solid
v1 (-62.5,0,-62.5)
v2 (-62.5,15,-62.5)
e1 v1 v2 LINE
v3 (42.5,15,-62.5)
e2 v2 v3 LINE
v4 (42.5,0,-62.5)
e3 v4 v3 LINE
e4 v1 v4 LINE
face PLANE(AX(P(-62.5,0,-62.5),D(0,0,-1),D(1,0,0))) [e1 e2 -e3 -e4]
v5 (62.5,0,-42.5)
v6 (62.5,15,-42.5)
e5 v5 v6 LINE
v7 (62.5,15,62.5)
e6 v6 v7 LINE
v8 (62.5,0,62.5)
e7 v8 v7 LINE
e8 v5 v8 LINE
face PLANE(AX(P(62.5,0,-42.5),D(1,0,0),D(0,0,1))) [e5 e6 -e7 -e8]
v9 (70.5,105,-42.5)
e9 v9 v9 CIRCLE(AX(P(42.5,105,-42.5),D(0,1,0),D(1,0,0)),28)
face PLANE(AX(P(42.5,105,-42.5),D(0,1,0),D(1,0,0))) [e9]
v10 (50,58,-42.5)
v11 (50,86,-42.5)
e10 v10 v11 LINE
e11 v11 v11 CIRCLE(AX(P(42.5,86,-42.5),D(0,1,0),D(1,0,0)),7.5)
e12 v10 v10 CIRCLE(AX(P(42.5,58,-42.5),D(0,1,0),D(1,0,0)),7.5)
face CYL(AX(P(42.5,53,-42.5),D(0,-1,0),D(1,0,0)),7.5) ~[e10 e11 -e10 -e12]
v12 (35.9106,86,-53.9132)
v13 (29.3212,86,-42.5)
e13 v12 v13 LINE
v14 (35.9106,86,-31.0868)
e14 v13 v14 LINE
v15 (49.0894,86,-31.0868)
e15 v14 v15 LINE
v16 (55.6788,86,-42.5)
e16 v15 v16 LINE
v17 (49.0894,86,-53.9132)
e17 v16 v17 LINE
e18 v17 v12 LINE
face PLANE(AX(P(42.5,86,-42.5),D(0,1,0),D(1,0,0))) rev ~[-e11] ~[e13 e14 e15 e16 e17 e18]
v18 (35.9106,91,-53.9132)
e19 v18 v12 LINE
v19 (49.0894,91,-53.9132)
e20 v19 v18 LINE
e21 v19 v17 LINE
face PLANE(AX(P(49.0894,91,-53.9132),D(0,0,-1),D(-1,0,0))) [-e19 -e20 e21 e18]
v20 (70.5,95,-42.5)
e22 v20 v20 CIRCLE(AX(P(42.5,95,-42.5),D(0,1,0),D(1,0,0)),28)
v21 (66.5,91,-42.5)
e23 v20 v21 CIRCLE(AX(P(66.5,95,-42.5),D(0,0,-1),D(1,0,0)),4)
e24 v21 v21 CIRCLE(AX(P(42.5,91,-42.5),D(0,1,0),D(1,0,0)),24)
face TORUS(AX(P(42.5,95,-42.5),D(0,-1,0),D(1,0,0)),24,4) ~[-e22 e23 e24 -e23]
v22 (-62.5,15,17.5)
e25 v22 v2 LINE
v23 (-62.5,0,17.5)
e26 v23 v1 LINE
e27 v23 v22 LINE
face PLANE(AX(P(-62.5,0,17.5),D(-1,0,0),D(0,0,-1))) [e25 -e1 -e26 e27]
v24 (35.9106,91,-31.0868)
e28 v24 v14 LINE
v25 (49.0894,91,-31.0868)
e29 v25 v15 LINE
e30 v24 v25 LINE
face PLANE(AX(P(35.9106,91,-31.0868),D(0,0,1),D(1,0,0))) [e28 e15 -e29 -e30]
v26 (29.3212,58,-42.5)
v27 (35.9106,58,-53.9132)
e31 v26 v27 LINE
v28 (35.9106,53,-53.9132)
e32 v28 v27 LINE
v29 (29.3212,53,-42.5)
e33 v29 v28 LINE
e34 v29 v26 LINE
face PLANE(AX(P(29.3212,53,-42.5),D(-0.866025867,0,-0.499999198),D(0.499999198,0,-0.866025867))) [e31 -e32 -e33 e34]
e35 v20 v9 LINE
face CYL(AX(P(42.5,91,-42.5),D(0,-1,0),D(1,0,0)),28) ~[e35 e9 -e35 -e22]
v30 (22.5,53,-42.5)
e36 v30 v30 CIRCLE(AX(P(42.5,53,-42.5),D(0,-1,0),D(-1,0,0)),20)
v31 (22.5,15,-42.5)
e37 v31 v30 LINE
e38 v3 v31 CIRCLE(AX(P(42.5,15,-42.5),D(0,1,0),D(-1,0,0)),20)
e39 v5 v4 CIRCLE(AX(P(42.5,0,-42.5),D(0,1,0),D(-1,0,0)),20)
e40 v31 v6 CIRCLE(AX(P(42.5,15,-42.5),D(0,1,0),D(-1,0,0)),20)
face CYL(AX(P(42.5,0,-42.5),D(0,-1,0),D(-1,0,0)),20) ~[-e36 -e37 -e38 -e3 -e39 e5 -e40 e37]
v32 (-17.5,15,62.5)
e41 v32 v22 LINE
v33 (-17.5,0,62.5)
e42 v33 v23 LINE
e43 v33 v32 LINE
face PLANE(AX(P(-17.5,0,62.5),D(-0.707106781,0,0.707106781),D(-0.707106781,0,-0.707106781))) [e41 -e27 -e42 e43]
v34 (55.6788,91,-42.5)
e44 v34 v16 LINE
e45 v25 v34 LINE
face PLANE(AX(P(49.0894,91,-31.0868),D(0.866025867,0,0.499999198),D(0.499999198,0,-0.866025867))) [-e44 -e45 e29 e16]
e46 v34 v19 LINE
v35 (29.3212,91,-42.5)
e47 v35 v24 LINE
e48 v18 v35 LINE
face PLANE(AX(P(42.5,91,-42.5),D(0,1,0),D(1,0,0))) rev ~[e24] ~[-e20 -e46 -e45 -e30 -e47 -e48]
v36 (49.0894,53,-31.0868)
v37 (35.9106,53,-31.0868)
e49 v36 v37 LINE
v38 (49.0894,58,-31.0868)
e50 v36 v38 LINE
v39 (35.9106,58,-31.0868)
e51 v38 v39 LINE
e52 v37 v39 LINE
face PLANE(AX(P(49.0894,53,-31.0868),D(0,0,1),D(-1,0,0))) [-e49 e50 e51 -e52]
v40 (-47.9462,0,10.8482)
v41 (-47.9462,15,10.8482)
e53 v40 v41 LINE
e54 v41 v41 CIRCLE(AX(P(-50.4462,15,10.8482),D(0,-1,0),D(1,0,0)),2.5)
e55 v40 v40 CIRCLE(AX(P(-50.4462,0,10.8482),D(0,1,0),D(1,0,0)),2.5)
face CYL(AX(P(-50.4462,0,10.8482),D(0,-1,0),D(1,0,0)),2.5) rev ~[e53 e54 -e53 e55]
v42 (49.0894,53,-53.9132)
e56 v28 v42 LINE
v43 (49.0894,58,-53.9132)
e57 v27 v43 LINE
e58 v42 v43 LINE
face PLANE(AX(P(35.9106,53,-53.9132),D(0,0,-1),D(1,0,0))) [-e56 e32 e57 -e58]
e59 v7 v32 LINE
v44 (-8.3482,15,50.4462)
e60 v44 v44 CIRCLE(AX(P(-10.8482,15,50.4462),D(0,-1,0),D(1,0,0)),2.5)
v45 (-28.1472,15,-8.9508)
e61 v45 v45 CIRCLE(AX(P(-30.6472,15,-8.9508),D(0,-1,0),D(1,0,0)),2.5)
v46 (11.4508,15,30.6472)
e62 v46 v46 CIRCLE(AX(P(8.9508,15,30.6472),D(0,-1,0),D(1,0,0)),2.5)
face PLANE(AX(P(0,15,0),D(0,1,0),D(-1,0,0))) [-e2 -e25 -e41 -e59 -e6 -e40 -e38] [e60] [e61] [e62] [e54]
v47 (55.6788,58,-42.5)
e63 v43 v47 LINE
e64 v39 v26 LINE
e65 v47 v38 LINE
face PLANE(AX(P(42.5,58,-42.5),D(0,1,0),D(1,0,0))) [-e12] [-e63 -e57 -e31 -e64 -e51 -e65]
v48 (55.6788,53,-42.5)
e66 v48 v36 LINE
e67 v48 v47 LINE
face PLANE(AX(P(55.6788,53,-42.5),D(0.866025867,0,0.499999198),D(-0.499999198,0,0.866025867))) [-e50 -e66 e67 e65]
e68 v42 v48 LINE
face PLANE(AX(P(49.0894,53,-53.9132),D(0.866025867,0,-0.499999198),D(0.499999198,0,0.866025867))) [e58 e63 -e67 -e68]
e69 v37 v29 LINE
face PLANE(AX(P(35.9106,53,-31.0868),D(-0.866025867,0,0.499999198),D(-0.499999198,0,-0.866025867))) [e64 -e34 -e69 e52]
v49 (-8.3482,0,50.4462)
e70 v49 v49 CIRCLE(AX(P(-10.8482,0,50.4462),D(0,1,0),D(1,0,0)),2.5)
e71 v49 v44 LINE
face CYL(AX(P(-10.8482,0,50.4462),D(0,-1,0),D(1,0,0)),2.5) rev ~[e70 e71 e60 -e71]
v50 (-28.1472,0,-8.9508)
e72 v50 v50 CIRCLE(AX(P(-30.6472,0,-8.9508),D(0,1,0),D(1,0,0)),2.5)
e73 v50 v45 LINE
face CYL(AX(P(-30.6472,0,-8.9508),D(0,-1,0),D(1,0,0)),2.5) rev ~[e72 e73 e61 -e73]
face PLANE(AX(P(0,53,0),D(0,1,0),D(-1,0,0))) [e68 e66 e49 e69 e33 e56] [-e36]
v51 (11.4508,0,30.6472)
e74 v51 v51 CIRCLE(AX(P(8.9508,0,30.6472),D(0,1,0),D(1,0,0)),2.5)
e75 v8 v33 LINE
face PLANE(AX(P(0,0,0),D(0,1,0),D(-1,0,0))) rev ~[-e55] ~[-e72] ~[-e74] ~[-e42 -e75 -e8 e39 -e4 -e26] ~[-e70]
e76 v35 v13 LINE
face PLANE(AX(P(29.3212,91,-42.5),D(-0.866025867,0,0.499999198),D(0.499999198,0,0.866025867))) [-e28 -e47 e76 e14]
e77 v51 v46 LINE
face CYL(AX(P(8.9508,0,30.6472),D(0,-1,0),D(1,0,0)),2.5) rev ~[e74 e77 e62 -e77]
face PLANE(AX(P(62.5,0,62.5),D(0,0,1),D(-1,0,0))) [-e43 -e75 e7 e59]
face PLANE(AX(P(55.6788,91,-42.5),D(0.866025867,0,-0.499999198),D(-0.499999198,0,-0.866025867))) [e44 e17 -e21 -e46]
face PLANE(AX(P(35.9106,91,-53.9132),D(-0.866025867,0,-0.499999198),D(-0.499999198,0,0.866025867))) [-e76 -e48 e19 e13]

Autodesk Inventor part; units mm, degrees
ref_plane "YZ Plane" through (0, 0, 0) normal (1, 0, 0) x (0, 1, 0)
ref_plane "XZ Plane" through (0, 0, 0) normal (0, 1, 0) x (-1, 0, 0)
ref_plane "XY Plane" through (0, 0, 0) normal (0, 0, 1) x (1, 0, 0)
sketch "スケッチ1" plane through (0, 0, 0) normal (0, 1, 0) x (-1, 0, 0)
  line L0 (62.5, -62.5) -> (-42.5, -62.5)
  line L1 (-62.5, -42.5) -> (-62.5, 62.5)
  line L2 (-62.5, 62.5) -> (62.5, 62.5)
  line L3 (62.5, 62.5) -> (62.5, -62.5)
  line L4 (62.5, -62.5) -> (-62.5, 62.5) construction
  line L5 (-62.5, -62.5) -> (62.5, 62.5) construction
  line L6 (17.5, 62.5) -> (62.5, 17.5)
  circle A0 centre (-42.5, -42.5) radius 20
  point P0 (0, 0)
  dimension "d0" = 125
  dimension "d1" = 125
  dimension "d2" = 80
  dimension "d3" = 80
  dimension "d4" = 40
  dimension "d5" = 20
extrude "押し出し1" add sketch "スケッチ1" along normal blind 15 contours L0 A0 L1 L2 L6 L3
extrude "押し出し2" add sketch "スケッチ1" along normal blind 53 contours A0
sketch "スケッチ2" plane through (42.5, 53, -42.5) normal (0, 1, 0) x (1, 0, 0)
  point P0 (-42.5, -42.5)
sketch "スケッチ3" plane through (42.5, 53, -42.5) normal (0, 1, 0) x (1, 0, 0)
  circle A0 centre (0, 0) radius 20 projected
  circle A1 centre (0, 0) radius 7.5
  line L0 (13.1788, 0) -> (6.5894, -11.4132)
  line L1 (6.5894, -11.4132) -> (-6.5894, -11.4132)
  line L2 (-6.5894, -11.4132) -> (-13.1788, 0)
  line L3 (-13.1788, 0) -> (-6.5894, 11.4132)
  line L4 (-6.5894, 11.4132) -> (6.5894, 11.4132)
  line L5 (6.5894, 11.4132) -> (13.1788, 0)
  point P0 (-42.5, -42.5)
  dimension "d10" = 15
extrude "押し出し3" add sketch "スケッチ3" along normal blind 38 contours A1
extrude "押し出し4" add sketch "スケッチ3" along normal blind 5 contours L0 L1 L2 L3 L4 L5
sketch "スケッチ4" plane through (42.5, 91, -42.5) normal (0, 1, 0) x (1, 0, 0)
  circle A0 centre (0, 0) radius 7.5 projected
  line L0 (6.5894, -11.4132) -> (13.1788, 0) projected
  line L1 (13.1788, 0) -> (6.5894, 11.4132) projected
  line L2 (6.5894, 11.4132) -> (-6.5894, 11.4132) projected
  line L3 (-6.5894, 11.4132) -> (-13.1788, 0) projected
  line L4 (-13.1788, 0) -> (-6.5894, -11.4132) projected
  line L5 (-6.5894, -11.4132) -> (6.5894, -11.4132) projected
  circle A1 centre (0, 0) radius 7.5 projected
  point P0 (-42.5, -42.5)
extrude "押し出し5" add sketch "スケッチ4" against normal blind 5
thread "ねじ1" size "M15x1.5" class "6g" standard "ANSI Metric M Profile" full length
sketch "スケッチ5" plane through (42.5, 91, -42.5) normal (0, 1, 0) x (1, 0, 0)
  circle A0 centre (0, 0) radius 28
  point P0 (-42.5, -42.5)
  dimension "d19" = 56
extrude "押し出し6" add sketch "スケッチ5" along normal blind 14
fillet "フィレット1" radius 4 1 edges at (14.5, 91, -42.5)
sketch "スケッチ7" plane through (0, 0, 0) normal (0, -1, 0) x (1, 0, 0)
  point P0 (0, 0)
sketch "スケッチ8" plane through (0, 0, 0) normal (0, -1, 0) x (1, 0, 0)
  circle A0 centre (-50.4462, 10.8482) radius 2.5
  line L0 (62.5, -62.5) -> (-62.5, 62.5) construction
  circle A1 centre (-10.8482, 50.4462) radius 2.5
  circle A2 centre (-30.6472, -8.9508) radius 2.5
  line L1 (-50.4462, 10.8482) -> (-10.8482, 50.4462)
  circle A3 centre (8.9508, 30.6472) radius 2.5
  line L2 (-30.6472, -8.9508) -> (8.9508, 30.6472)
  point P0 (0, 0)
  dimension "d23" = 5
  dimension "d24" = 28
  dimension "d25" = 5
  dimension "d26" = 28
  dimension "d27" = 28
extrude "押し出し7" cut sketch "スケッチ8" against normal blind 15
properties part number "foot"
